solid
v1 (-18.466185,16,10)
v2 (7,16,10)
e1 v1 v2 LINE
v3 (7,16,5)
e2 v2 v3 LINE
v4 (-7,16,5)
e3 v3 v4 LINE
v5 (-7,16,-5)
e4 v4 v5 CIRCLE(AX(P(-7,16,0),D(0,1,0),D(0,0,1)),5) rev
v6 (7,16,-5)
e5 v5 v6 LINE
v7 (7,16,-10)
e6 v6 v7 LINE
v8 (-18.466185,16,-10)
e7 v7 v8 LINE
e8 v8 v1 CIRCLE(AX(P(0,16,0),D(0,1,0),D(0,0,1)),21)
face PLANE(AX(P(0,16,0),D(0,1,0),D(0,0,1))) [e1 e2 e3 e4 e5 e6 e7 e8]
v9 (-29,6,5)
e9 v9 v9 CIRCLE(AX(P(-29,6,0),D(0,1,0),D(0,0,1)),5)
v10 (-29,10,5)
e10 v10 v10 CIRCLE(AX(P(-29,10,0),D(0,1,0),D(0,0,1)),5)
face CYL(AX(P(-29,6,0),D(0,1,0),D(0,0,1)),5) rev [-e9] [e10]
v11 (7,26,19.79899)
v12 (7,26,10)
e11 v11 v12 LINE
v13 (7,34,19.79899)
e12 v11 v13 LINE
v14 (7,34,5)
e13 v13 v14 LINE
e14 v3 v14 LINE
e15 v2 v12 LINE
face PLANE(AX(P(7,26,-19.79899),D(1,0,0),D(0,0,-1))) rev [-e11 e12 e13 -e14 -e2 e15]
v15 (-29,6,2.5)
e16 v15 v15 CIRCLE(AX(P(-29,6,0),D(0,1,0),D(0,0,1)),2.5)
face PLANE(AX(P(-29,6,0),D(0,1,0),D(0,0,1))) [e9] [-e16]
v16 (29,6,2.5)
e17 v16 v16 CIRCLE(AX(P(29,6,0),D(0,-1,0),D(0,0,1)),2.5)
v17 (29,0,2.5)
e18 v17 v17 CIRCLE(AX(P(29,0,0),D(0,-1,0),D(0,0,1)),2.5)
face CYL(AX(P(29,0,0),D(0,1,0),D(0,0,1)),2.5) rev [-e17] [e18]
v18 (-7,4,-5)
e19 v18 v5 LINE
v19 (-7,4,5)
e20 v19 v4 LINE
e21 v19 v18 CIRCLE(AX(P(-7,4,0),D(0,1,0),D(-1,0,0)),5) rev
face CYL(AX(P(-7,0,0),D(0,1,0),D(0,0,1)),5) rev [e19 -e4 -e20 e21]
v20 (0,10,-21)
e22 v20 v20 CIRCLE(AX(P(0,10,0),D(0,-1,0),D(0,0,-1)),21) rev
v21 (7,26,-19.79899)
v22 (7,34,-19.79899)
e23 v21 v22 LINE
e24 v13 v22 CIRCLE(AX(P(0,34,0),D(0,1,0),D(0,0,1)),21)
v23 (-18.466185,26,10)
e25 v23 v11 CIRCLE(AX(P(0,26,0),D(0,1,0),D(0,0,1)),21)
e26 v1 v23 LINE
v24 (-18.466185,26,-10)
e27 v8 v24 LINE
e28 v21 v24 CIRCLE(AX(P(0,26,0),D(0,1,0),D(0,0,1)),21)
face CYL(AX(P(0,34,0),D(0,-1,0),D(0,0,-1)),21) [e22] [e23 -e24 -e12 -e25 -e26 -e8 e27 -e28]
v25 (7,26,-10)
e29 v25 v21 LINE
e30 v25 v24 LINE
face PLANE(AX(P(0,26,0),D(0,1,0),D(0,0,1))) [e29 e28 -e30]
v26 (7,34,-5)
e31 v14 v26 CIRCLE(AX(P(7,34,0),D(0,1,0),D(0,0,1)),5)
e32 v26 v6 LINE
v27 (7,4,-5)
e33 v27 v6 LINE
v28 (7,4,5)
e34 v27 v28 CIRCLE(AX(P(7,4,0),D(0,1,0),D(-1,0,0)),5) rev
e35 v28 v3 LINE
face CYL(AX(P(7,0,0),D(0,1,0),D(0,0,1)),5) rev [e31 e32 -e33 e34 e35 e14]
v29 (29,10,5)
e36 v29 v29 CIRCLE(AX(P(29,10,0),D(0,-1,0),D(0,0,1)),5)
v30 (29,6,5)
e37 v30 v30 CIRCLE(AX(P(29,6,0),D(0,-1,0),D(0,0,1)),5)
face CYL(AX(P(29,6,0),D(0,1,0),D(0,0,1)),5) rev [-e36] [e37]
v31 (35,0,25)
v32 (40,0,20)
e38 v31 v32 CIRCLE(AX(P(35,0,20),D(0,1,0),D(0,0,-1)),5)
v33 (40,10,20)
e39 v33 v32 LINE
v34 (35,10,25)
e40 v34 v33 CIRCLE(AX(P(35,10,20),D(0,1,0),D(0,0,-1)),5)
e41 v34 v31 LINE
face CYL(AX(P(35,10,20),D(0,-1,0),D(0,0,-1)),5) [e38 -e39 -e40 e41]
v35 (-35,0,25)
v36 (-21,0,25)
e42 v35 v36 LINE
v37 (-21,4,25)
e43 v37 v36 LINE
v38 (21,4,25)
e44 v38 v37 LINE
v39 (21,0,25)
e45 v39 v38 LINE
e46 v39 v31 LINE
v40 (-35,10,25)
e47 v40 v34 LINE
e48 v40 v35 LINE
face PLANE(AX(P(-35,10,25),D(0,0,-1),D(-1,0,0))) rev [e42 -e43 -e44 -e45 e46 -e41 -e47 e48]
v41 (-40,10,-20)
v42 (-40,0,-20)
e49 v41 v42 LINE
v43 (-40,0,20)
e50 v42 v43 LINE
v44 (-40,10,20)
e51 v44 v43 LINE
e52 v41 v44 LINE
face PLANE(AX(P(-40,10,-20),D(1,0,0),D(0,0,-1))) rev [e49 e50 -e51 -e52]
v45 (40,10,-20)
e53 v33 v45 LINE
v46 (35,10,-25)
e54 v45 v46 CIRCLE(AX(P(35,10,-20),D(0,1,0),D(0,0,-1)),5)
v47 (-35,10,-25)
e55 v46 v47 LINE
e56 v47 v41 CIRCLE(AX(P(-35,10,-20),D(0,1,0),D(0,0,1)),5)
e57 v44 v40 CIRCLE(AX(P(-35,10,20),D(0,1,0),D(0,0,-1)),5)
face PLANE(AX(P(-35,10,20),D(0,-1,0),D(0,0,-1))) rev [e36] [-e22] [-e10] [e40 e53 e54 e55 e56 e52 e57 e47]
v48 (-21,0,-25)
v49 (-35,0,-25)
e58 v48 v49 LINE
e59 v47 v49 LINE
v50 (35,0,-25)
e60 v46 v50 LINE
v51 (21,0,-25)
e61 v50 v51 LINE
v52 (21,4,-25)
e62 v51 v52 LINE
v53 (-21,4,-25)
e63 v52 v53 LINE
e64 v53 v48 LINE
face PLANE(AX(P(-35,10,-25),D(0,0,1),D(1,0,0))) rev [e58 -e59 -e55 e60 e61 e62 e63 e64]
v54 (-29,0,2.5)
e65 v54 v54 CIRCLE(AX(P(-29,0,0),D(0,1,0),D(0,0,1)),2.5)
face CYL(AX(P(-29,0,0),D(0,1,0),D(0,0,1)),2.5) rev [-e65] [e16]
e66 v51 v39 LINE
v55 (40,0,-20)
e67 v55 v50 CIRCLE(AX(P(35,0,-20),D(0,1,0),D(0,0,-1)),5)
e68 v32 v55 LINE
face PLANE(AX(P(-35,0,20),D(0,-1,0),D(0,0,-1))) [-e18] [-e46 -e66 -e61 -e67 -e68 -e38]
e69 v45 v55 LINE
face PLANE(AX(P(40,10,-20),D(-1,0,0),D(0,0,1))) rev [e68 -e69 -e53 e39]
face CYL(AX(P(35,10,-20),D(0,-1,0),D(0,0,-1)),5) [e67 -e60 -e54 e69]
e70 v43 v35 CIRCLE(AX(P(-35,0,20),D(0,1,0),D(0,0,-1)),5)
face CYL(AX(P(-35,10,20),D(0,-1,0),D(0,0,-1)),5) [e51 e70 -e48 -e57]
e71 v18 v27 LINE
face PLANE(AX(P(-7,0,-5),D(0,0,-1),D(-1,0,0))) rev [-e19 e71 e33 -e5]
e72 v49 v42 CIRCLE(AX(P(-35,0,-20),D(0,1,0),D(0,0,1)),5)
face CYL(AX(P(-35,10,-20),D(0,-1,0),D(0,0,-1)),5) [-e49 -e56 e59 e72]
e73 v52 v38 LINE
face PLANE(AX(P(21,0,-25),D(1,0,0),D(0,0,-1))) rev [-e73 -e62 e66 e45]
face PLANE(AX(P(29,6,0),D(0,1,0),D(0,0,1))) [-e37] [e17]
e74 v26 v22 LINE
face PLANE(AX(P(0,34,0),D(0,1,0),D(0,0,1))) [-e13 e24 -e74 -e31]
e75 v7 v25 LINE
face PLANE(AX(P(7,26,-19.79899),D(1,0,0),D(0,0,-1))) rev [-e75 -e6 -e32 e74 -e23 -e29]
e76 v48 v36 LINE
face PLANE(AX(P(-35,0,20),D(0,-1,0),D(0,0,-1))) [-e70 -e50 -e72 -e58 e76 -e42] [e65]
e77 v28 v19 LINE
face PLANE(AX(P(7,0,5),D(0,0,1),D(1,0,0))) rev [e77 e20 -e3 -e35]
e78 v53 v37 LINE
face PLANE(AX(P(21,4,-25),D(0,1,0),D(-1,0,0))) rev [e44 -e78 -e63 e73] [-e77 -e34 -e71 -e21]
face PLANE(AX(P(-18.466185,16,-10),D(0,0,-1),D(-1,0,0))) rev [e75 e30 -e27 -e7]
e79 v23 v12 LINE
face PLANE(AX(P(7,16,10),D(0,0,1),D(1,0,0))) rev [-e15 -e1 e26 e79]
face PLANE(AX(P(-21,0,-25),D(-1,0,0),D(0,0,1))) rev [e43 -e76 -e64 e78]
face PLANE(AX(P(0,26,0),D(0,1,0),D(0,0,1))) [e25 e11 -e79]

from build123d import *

# Parameters (mm, degrees)
EXTRUDE_1_DEPTH          = 10
SKETCH_2_R               = 21
EXTRUDE_2_DEPTH          = 34
CUT_EXTRUDE_1_DEPTH      = 35
CUT_EXTRUDE_2_DEPTH      = 8
CUT_EXTRUDE_3_DEPTH      = 10
SKETCH_6_R               = 5
CUT_EXTRUDE_4_DEPTH      = 4
SKETCH_7_R               = 2.5
CUT_EXTRUDE_5_DEPTH      = 7
SKETCH_8_W               = 42
SKETCH_8_H               = 4
CUT_EXTRUDE_6_DEPTH      = 26
CUT_EXTRUDE_6_DEPTH_BACK = 26


with BuildPart() as part:
    # 草图1 → 凸台-拉伸1 (new body)
    with BuildSketch(Plane(origin=(0, 0, 0), x_dir=(1, 0, 0), z_dir=(0, 1, 0))):
        with BuildLine():
            Line((-35, 25), (35, 25))
            ThreePointArc((35, 25), (38.535533906, 23.535533906), (40, 20))
            Line((40, 20), (40, -20))
            ThreePointArc((40, -20), (38.535533906, -23.535533906), (35, -25))
            Line((35, -25), (-35, -25))
            ThreePointArc((-35, -25), (-38.535533906, -23.535533906), (-40, -20))
            Line((-40, -20), (-40, 20))
            ThreePointArc((-40, 20), (-38.535533906, 23.535533906), (-35, 25))
        make_face()
    extrude(amount=EXTRUDE_1_DEPTH)

    # 草图2 → 凸台-拉伸2 (add)
    with BuildSketch(Plane(origin=(0, 0, 0), x_dir=(1, 0, 0), z_dir=(0, 1, 0))):
        Circle(SKETCH_2_R)
    extrude(amount=EXTRUDE_2_DEPTH)

    # 草图3 → 切除-拉伸1 (cut, through all)
    with BuildSketch(Plane(origin=(0, 34, 0), x_dir=(1, 0, 0), z_dir=(0, 1, 0))):
        with BuildLine():
            Line((-7, 5), (7, 5))
            ThreePointArc((7, 5), (12, 0), (7, -5))
            Line((7, -5), (-7, -5))
            ThreePointArc((-7, -5), (-12, 0), (-7, 5))
        make_face()
    extrude(amount=-CUT_EXTRUDE_1_DEPTH, mode=Mode.SUBTRACT)

    # 草图4 → 切除-拉伸2 (cut)
    with BuildSketch(Plane(origin=(0, 34, 0), x_dir=(1, 0, 0), z_dir=(0, 1, 0))):
        with BuildLine():
            Line((7, 19.798989873), (7, -19.798989873))
            ThreePointArc((7, -19.798989873), (-21, 0), (7, 19.798989873))
        make_face()
    extrude(amount=-CUT_EXTRUDE_2_DEPTH, mode=Mode.SUBTRACT)

    # 草图5 → 切除-拉伸3 (cut)
    with BuildSketch(Plane(origin=(0, 26, 0), x_dir=(1, 0, 0), z_dir=(0, 1, 0))):
        with BuildLine():
            Line((-18.466185313, 10), (7, 10))
            Line((7, 10), (7, -10))
            Line((7, -10), (-18.466185313, -10))
            ThreePointArc((-18.466185313, -10), (-21, 0), (-18.466185313, 10))
        make_face()
    extrude(amount=-CUT_EXTRUDE_3_DEPTH, mode=Mode.SUBTRACT)

    # 草图6 → 切除-拉伸4 (cut)
    with BuildSketch(Plane(origin=(0, 10, 0), x_dir=(1, 0, 0), z_dir=(0, 1, 0))):
        with Locations((-29, 0)):
            Circle(SKETCH_6_R)
    cut_extrude_4 = extrude(amount=-CUT_EXTRUDE_4_DEPTH, mode=Mode.SUBTRACT)

    # 草图7 → 切除-拉伸5 (cut, through all)
    with BuildSketch(Plane(origin=(0, 6, 0), x_dir=(1, 0, 0), z_dir=(0, 1, 0))):
        with Locations((-29, 0)):
            Circle(SKETCH_7_R)
    cut_extrude_5 = extrude(amount=-CUT_EXTRUDE_5_DEPTH, mode=Mode.SUBTRACT)

    # 镜向1: 切除-拉伸4, 切除-拉伸5 across plane
    add(cut_extrude_4.mirror(Plane(origin=(0, 0, 0), x_dir=(0, 0, 1), z_dir=(1, 0, 0))), mode=Mode.SUBTRACT)
    add(cut_extrude_5.mirror(Plane(origin=(0, 0, 0), x_dir=(0, 0, 1), z_dir=(1, 0, 0))), mode=Mode.SUBTRACT)

    # 草图8 → 切除-拉伸6 (cut, two sides)
    with BuildSketch(Plane.XY) as cut_extrude_6_sk:
        with Locations((0, 2)):
            Rectangle(SKETCH_8_W, SKETCH_8_H)
    extrude(amount=CUT_EXTRUDE_6_DEPTH, mode=Mode.SUBTRACT)
    extrude(cut_extrude_6_sk.sketch, amount=-CUT_EXTRUDE_6_DEPTH_BACK, mode=Mode.SUBTRACT)


solid = part.part
